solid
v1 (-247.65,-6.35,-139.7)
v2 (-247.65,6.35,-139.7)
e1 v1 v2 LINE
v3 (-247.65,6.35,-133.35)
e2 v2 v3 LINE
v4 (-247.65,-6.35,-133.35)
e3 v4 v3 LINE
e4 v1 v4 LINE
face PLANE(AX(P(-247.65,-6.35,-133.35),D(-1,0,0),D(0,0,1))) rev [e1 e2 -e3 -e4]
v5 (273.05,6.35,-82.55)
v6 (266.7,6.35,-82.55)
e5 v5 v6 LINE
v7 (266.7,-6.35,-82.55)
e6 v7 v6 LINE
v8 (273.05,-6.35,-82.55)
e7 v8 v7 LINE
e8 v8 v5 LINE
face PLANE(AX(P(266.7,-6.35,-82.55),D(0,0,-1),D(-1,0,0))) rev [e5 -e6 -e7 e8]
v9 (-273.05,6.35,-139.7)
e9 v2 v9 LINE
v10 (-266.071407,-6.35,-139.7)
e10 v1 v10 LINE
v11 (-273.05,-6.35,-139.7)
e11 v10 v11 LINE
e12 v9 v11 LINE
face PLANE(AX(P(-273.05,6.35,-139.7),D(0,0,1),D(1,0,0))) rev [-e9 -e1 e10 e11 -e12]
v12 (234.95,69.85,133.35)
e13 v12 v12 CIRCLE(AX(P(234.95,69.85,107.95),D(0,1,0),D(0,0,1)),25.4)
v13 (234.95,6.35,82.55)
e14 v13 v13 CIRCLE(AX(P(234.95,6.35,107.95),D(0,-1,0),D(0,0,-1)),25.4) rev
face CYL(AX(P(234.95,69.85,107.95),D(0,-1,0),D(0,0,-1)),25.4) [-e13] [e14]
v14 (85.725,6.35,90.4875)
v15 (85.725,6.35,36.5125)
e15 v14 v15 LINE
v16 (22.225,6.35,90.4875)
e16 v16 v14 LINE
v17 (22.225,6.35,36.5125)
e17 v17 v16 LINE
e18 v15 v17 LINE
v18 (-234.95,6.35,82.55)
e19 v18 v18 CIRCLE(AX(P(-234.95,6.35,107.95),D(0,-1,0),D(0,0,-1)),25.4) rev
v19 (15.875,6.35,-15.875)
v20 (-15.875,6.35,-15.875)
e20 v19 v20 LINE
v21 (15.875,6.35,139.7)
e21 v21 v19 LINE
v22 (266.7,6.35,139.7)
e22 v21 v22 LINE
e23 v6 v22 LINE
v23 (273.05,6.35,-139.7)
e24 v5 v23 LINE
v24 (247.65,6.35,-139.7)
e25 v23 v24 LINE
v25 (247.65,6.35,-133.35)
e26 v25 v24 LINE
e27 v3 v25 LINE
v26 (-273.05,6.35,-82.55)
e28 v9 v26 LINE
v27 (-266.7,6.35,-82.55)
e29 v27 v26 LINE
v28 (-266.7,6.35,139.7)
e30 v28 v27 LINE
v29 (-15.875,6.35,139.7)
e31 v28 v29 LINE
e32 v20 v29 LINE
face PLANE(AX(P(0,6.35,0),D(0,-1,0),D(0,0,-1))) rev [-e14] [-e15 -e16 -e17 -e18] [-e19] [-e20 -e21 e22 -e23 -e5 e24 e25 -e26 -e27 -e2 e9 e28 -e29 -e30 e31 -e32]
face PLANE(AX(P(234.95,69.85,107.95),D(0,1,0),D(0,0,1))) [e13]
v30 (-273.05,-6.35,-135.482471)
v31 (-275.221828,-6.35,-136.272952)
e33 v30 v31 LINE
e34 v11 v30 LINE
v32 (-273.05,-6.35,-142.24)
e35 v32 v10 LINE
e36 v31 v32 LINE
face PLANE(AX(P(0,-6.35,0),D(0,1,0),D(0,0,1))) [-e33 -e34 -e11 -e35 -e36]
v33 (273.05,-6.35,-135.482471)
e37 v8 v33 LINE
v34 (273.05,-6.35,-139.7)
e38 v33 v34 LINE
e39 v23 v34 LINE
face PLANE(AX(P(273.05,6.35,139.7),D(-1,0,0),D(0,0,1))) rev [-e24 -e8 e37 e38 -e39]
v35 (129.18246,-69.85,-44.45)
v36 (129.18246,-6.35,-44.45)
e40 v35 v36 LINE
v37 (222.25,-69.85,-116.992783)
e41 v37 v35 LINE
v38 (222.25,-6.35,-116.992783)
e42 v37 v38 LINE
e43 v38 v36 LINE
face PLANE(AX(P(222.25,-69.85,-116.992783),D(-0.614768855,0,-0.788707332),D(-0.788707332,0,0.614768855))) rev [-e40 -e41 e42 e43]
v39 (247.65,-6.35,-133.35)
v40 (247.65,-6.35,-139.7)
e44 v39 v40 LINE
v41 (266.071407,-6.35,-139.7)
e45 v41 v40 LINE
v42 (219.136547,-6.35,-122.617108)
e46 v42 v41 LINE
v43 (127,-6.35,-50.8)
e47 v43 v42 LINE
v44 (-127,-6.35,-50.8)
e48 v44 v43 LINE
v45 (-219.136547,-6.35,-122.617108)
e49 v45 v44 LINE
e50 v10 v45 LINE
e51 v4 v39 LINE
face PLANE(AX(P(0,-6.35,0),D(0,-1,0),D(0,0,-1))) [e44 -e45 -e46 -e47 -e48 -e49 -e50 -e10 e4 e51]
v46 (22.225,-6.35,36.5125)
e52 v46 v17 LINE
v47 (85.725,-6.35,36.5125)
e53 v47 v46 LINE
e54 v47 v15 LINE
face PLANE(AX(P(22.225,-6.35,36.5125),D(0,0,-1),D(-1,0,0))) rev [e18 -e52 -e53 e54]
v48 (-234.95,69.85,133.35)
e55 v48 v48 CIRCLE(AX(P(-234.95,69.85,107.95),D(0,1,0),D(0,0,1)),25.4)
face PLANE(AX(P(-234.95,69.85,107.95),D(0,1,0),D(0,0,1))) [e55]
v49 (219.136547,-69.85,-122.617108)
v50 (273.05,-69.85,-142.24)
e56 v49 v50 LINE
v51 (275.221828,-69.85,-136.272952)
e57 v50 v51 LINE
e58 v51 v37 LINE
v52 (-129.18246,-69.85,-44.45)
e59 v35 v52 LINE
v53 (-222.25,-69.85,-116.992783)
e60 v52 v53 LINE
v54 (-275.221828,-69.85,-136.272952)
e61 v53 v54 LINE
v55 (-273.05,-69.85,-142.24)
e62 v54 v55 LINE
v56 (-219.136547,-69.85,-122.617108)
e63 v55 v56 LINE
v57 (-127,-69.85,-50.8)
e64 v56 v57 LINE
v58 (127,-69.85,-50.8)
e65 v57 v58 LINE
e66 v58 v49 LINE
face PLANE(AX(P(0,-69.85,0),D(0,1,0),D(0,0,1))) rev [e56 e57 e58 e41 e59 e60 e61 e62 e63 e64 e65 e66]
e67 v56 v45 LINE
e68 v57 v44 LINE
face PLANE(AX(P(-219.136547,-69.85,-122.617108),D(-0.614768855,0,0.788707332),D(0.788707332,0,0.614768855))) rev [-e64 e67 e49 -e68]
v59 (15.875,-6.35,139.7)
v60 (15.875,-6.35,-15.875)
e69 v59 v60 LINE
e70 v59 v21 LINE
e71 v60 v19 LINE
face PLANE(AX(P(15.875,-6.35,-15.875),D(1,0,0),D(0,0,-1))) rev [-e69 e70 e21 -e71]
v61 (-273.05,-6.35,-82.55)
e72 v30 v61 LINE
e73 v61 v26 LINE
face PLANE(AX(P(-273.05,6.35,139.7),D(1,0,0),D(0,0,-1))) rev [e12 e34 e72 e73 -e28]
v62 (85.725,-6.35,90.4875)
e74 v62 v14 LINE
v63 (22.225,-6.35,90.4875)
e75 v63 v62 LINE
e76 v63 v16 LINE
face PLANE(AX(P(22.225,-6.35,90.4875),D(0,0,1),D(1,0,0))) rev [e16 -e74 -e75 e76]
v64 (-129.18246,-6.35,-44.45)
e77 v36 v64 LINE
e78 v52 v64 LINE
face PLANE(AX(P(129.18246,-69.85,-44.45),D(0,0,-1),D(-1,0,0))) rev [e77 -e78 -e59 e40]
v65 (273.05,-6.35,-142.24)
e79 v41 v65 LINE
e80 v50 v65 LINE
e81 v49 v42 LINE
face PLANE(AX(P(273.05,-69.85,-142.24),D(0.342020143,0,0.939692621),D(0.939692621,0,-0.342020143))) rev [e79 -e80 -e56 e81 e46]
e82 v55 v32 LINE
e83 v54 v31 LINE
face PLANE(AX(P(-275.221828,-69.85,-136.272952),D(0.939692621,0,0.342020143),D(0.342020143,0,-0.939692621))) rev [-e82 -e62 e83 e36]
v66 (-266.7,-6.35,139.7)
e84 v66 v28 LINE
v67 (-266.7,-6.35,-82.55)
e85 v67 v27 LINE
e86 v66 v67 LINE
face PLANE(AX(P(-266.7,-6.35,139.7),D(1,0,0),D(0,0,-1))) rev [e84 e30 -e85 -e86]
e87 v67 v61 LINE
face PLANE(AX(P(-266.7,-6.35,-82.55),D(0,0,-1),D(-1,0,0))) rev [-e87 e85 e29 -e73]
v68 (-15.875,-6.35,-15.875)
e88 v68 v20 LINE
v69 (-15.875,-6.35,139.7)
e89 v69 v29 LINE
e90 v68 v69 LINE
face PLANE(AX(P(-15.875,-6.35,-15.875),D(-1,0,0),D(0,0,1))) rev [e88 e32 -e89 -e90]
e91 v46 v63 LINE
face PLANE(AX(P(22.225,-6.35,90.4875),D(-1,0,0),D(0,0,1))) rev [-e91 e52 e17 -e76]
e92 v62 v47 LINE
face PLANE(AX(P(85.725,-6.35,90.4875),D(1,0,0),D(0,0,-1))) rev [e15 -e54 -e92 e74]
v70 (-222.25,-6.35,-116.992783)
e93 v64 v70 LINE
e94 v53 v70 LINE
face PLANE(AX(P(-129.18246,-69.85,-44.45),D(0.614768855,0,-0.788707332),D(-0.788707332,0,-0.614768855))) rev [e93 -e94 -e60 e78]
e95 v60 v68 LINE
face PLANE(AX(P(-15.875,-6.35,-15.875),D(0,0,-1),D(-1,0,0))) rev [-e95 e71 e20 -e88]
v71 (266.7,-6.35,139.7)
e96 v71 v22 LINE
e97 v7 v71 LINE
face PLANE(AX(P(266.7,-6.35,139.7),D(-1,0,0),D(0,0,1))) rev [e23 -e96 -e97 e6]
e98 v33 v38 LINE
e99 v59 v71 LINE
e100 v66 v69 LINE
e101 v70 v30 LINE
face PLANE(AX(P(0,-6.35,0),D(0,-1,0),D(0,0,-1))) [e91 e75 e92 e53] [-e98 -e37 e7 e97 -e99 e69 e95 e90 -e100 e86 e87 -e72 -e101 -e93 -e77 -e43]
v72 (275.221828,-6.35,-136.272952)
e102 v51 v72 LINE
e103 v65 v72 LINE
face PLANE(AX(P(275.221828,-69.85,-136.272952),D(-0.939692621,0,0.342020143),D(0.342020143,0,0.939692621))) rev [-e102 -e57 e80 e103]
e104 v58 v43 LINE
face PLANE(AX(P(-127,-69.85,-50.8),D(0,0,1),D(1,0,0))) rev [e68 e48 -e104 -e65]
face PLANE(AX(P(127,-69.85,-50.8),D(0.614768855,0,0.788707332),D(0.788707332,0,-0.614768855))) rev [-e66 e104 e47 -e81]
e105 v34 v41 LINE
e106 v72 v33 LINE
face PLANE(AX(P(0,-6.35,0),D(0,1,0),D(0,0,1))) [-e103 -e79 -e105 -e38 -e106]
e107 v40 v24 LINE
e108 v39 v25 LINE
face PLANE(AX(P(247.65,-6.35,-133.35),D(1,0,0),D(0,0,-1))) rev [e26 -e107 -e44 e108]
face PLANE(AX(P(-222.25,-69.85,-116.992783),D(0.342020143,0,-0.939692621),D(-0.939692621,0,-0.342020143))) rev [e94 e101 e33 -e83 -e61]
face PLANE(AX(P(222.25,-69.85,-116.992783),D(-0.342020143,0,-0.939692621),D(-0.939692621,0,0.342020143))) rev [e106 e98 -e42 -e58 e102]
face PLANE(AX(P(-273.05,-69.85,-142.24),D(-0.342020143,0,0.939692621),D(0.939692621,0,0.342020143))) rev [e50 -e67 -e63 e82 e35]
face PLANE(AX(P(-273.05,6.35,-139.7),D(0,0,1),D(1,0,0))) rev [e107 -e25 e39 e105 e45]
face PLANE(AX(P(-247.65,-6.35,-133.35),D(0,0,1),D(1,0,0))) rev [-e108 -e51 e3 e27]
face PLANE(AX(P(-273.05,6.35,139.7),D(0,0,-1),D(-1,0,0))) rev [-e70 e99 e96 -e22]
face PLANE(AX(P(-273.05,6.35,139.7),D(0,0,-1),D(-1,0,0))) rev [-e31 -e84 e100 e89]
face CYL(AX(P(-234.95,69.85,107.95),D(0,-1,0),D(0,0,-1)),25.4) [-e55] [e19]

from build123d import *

# Parameters (mm, degrees)
SKETCH1_W           = 546.1
SKETCH1_H           = 279.4
BOSS_EXTRUDE1_DEPTH = 6.35
SKETCH2_W           = 31.75
SKETCH2_H           = 155.575
SKETCH2_W_2         = 6.35
SKETCH2_H_2         = 222.25
SKETCH2_W_3         = 63.5
SKETCH2_H_3         = 53.975
SKETCH2_W_4         = 495.3
SKETCH2_H_4         = 6.35
CUT_EXTRUDE1_DEPTH  = 307.975051918
EXTRUDE2_DEPTH      = 63.5
SKETCH4_R           = 25.4
BOSS_EXTRUDE2_DEPTH = 63.5


with BuildPart() as part:
    # Sketch1 → Boss-Extrude1 (new, symmetric)
    with BuildSketch(Plane(origin=(0, 0, 0), x_dir=(1, 0, 0), z_dir=(0, 1, 0))):
        Rectangle(SKETCH1_W, SKETCH1_H)
    extrude(amount=BOSS_EXTRUDE1_DEPTH, both=True)

    # Sketch2 → Cut-Extrude1 (cut, through all)
    with BuildSketch(Plane(origin=(0, 6.35, 0), x_dir=(1, 0, 0), z_dir=(0, 1, 0))):
        with Locations((0, -61.9125)):
            Rectangle(SKETCH2_W, SKETCH2_H)
        with Locations((-269.875, -28.575)):
            Rectangle(SKETCH2_W_2, SKETCH2_H_2)
        with Locations((53.975, -63.5)):
            Rectangle(SKETCH2_W_3, SKETCH2_H_3)
        with Locations((0, 136.525)):
            Rectangle(SKETCH2_W_4, SKETCH2_H_4)
        with Locations((269.875, -28.575)):
            Rectangle(SKETCH2_W_2, SKETCH2_H_2)
    extrude(amount=-CUT_EXTRUDE1_DEPTH, mode=Mode.SUBTRACT)

    # Sketch3 → Extrude2 (add)
    with BuildSketch(Plane.XZ.offset(6.35)):
        Polygon((222.25, -116.992783244), (129.182460015, -44.45), (-129.182460015, -44.45), (-222.25, -116.992783244), (-275.22182791, -136.272951858), (-273.05, -142.24), (-219.136547039, -122.617107896), (-127, -50.8), (127, -50.8), (219.136547039, -122.617107896), (273.05, -142.24), (275.22182791, -136.272951858), align=None)
    extrude(amount=EXTRUDE2_DEPTH)

    # Sketch4 → Boss-Extrude2 (add)
    with BuildSketch(Plane(origin=(0, 6.35, 0), x_dir=(1, 0, 0), z_dir=(0, 1, 0))):
        with Locations(Location((234.95, -107.95, 0), (0, 0, 90))):
            Circle(SKETCH4_R)
        with Locations(Location((-234.95, -107.95, 0), (0, 0, 90))):
            Circle(SKETCH4_R)
    extrude(amount=BOSS_EXTRUDE2_DEPTH)


solid = part.part
